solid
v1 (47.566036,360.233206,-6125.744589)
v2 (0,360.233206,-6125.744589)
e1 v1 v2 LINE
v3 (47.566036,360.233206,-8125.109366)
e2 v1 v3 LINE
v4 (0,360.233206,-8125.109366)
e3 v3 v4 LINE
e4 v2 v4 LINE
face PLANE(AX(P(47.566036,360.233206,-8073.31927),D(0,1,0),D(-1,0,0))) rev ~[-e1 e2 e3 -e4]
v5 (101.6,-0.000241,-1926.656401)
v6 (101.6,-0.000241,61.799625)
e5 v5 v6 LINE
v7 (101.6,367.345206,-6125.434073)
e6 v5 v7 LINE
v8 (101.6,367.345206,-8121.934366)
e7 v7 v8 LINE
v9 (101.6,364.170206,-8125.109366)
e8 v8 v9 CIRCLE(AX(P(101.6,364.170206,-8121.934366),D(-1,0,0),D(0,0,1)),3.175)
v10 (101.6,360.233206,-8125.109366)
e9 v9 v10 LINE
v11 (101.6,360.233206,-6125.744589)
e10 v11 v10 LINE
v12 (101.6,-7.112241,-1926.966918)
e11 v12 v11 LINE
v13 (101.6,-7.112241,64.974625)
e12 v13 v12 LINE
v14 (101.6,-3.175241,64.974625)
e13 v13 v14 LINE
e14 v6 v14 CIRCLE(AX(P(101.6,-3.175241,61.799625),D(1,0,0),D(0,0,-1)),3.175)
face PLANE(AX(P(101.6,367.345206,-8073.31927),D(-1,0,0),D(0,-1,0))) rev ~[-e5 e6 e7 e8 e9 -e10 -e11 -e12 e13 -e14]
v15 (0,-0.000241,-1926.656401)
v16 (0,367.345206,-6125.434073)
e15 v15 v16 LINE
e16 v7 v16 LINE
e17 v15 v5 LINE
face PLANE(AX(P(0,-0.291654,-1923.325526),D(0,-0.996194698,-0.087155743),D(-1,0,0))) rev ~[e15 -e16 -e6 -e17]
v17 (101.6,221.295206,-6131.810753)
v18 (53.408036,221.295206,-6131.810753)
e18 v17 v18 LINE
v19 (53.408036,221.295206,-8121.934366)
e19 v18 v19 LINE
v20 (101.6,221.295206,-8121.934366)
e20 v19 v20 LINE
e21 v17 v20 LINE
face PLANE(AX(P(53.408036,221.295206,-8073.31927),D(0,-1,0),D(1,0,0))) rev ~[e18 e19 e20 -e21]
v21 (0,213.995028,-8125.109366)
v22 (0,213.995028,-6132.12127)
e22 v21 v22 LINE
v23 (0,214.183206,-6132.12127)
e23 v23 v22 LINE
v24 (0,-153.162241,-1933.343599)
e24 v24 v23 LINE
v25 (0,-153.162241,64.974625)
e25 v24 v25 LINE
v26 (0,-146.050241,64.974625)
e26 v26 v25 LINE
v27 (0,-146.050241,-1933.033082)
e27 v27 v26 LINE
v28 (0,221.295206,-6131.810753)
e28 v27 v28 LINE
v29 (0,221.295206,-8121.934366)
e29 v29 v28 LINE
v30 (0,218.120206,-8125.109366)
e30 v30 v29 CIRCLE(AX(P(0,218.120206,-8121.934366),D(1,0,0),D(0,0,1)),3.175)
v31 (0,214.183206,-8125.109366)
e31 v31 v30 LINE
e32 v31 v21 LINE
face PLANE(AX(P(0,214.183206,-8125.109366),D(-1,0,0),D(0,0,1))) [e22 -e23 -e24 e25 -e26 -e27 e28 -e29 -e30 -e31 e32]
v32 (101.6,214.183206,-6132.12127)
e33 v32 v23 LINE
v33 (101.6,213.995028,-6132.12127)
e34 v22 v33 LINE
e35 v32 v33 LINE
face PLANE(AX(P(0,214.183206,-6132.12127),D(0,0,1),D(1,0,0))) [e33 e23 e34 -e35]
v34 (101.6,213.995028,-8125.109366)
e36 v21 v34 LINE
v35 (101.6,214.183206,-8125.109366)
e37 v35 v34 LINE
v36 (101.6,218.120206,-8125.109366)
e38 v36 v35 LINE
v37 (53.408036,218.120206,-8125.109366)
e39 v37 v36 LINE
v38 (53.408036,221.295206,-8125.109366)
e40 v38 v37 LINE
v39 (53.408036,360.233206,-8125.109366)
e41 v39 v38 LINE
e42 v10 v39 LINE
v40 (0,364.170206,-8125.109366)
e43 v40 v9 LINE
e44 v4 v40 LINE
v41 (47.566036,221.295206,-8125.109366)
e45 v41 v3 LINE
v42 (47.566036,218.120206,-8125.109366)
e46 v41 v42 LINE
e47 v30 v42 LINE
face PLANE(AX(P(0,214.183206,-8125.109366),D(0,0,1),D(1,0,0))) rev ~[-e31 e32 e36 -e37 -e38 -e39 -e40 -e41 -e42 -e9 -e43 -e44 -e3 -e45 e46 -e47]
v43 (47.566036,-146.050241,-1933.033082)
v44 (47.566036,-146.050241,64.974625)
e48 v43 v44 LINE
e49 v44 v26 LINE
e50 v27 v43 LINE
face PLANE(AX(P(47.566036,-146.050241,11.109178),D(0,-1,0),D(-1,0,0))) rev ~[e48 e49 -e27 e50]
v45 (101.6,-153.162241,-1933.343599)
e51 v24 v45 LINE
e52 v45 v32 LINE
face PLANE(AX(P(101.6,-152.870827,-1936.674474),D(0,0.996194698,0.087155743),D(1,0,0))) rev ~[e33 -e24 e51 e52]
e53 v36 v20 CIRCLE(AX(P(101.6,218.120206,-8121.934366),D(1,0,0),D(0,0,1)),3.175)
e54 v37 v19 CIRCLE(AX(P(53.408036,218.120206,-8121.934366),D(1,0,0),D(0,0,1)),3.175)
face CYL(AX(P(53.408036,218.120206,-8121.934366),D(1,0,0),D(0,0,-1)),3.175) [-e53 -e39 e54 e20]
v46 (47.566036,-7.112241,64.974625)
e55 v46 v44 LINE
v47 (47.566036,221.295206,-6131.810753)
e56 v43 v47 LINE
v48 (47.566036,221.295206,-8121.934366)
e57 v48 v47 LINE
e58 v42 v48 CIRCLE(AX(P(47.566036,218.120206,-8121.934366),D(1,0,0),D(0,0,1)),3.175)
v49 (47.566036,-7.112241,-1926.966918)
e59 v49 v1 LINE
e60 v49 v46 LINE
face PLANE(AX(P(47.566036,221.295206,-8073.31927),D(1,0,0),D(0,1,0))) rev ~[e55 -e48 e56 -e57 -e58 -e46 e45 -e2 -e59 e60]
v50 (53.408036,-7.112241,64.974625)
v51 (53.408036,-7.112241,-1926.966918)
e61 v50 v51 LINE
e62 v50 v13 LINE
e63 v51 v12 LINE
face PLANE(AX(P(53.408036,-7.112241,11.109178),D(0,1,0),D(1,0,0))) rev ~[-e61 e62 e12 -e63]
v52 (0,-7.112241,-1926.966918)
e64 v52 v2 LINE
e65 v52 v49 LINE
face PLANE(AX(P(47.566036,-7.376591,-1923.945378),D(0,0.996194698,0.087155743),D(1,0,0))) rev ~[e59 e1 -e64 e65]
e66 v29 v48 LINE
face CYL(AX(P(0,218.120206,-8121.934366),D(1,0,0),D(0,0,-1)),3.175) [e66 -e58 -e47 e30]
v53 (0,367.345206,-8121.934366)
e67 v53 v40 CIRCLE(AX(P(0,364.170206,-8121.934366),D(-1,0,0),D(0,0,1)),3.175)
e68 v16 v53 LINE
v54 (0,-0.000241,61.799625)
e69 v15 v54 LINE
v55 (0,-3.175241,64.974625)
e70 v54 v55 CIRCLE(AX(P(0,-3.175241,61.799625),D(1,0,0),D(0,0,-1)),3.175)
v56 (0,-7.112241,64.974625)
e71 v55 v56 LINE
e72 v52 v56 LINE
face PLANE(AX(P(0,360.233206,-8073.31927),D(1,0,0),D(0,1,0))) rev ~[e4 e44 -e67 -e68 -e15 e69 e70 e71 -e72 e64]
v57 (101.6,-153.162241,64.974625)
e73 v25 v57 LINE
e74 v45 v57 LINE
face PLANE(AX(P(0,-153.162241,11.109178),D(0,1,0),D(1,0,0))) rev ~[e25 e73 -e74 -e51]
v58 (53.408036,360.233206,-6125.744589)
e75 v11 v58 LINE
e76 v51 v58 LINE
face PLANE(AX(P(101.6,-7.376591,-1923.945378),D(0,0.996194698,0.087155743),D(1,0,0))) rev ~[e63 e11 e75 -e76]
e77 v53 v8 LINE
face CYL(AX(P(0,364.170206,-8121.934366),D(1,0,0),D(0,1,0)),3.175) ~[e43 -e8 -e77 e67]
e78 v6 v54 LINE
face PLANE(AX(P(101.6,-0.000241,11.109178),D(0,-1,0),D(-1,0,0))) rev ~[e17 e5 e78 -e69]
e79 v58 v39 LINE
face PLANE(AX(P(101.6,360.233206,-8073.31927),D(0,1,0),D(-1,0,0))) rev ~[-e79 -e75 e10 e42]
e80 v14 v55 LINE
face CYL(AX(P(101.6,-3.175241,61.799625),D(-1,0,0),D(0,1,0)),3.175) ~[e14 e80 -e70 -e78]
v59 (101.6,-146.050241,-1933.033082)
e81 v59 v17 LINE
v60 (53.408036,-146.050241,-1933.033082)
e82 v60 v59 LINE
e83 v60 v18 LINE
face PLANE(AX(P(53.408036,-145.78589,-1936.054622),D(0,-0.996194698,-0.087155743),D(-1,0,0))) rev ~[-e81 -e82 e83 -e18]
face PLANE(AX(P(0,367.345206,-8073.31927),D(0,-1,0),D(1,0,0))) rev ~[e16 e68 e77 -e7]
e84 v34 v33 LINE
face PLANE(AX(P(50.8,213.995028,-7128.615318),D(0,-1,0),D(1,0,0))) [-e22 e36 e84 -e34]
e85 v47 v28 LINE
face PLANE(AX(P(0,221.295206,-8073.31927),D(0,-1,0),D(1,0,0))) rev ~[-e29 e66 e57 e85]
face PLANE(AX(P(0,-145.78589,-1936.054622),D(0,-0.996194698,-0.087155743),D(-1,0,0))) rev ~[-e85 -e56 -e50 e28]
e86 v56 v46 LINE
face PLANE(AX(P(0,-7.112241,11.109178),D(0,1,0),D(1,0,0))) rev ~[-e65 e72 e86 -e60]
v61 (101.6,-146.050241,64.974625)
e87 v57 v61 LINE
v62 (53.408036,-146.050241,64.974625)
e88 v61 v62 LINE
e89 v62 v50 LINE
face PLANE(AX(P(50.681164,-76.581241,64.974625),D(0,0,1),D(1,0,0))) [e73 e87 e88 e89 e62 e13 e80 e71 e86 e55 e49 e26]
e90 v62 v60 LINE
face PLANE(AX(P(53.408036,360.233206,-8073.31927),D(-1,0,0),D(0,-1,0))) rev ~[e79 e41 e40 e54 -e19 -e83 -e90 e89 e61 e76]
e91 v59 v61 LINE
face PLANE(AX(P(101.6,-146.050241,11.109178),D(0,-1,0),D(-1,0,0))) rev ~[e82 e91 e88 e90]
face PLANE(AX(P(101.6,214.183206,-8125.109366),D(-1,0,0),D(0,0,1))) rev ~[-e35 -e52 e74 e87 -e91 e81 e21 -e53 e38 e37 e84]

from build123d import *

# Parameters (mm, degrees)
BOSS_EXTRUDE1_DEPTH = 14.541598669
BOSS_EXTRUDE2_DEPTH = 11.109177684
BOSS_EXTRUDE5_DEPTH = 53.865447751
BOSS_EXTRUDE6_DEPTH = 51.790096061
FILLET2_R           = 3.175
SKETCH9_W           = 101.6
SKETCH9_H           = 1992.988096061
BOSS_EXTRUDE7_DEPTH = 0.188178657
FILLET3_R           = 3.175


with BuildPart() as part:
    # Sweep1: sweep along a path in Sketch2
    with BuildLine(Plane(origin=(0, 0, 0), x_dir=(0, 0, -1), z_dir=(1, 0, 0))) as sweep1_path:
        Line((0, -76.581240533), (1930, -76.581240533))
        Line((1930, -76.581240533), (6128.777671415, 290.764206382))
        Line((6128.777671415, 290.764206382), (8058.777671415, 290.764206382))
    # Sketch1 → Sweep1 (sweep)
    with BuildSketch(Plane.XY):
        Polygon((0, -0.000240533), (101.6, -0.000240533), (101.6, -7.112240533), (53.408035714, -7.112240533), (53.408035714, -146.050240533), (101.6, -146.050240533), (101.6, -153.162240533), (0, -153.162240533), (0, -146.050240533), (47.566035714, -146.050240533), (47.566035714, -7.112240533), (0, -7.112240533), align=None)
    sweep(path=sweep1_path.line, transition=Transition.RIGHT)

    # Sketch4 → Boss-Extrude1 (add)
    with BuildSketch(Plane(origin=(0, 0, -8058.777671415), x_dir=(-1, 0, 0), z_dir=(0, 0, -1))):
        Polygon((0, 360.233206382), (0, 367.345206382), (-101.6, 367.345206382), (-101.6, 360.233206382), (-53.408035714, 360.233206382), (-53.408035714, 221.295206382), (-101.6, 221.295206382), (-101.6, 214.183206382), (0, 214.183206382), (0, 221.295206382), (-47.566035714, 221.295206382), (-47.566035714, 360.233206382), align=None)
    extrude(amount=BOSS_EXTRUDE1_DEPTH)

    # Sketch5 → Boss-Extrude2 (add)
    with BuildSketch(Plane.XY):
        Polygon((0, -0.000240533), (0, -7.112240533), (47.566035714, -7.112240533), (47.566035714, -146.050240533), (0, -146.050240533), (0, -153.162240533), (101.6, -153.162240533), (101.6, -146.050240533), (53.408035714, -146.050240533), (53.408035714, -7.112240533), (101.6, -7.112240533), (101.6, -0.000240533), align=None)
    extrude(amount=BOSS_EXTRUDE2_DEPTH)

    # Sketch7 → Boss-Extrude5 (add)
    with BuildSketch(Plane.XY.offset(11.109177684)):
        Polygon((101.6, -7.112240533), (101.6, -0.000240533), (0, -0.000240533), (0, -7.112240533), (47.566035714, -7.112240533), (47.566035714, -146.050240533), (0, -146.050240533), (0, -153.162240533), (101.6, -153.162240533), (101.6, -146.050240533), (53.408035714, -146.050240533), (53.408035714, -7.112240533), align=None)
    extrude(amount=BOSS_EXTRUDE5_DEPTH)

    # Sketch8 → Boss-Extrude6 (add)
    with BuildSketch(Plane(origin=(0, 0, -8073.319270083), x_dir=(-1, 0, 0), z_dir=(0, 0, -1))):
        Polygon((-47.566035714, 221.295206382), (-47.566035714, 360.233206382), (0, 360.233206382), (0, 367.345206382), (-101.6, 367.345206382), (-101.6, 360.233206382), (-53.408035714, 360.233206382), (-53.408035714, 221.295206382), (-101.6, 221.295206382), (-101.6, 214.183206382), (0, 214.183206382), (0, 221.295206382), align=None)
    extrude(amount=BOSS_EXTRUDE6_DEPTH)

    # Fillet2
    fillet2_edges = [part.edges().sort_by_distance(p)[0] for p in [
        (50.8, -0.000240533, 64.974625435),
        (50.8, 367.345206382, -8125.109366144),
    ]]
    fillet(fillet2_edges, radius=FILLET2_R)

    # Sketch9 → Boss-Extrude7 (add)
    with BuildSketch(Plane.XZ.offset(-214.183206382)):
        with Locations((50.8, -7128.615318114)):
            Rectangle(SKETCH9_W, SKETCH9_H)
    extrude(amount=BOSS_EXTRUDE7_DEPTH)

    # Fillet3
    fillet3_edges = [part.edges().sort_by_distance(p)[0] for p in [
        (23.783017857, 221.295206382, -8125.109366144),
        (77.504017857, 221.295206382, -8125.109366144),
    ]]
    fillet(fillet3_edges, radius=FILLET3_R)


solid = part.part
